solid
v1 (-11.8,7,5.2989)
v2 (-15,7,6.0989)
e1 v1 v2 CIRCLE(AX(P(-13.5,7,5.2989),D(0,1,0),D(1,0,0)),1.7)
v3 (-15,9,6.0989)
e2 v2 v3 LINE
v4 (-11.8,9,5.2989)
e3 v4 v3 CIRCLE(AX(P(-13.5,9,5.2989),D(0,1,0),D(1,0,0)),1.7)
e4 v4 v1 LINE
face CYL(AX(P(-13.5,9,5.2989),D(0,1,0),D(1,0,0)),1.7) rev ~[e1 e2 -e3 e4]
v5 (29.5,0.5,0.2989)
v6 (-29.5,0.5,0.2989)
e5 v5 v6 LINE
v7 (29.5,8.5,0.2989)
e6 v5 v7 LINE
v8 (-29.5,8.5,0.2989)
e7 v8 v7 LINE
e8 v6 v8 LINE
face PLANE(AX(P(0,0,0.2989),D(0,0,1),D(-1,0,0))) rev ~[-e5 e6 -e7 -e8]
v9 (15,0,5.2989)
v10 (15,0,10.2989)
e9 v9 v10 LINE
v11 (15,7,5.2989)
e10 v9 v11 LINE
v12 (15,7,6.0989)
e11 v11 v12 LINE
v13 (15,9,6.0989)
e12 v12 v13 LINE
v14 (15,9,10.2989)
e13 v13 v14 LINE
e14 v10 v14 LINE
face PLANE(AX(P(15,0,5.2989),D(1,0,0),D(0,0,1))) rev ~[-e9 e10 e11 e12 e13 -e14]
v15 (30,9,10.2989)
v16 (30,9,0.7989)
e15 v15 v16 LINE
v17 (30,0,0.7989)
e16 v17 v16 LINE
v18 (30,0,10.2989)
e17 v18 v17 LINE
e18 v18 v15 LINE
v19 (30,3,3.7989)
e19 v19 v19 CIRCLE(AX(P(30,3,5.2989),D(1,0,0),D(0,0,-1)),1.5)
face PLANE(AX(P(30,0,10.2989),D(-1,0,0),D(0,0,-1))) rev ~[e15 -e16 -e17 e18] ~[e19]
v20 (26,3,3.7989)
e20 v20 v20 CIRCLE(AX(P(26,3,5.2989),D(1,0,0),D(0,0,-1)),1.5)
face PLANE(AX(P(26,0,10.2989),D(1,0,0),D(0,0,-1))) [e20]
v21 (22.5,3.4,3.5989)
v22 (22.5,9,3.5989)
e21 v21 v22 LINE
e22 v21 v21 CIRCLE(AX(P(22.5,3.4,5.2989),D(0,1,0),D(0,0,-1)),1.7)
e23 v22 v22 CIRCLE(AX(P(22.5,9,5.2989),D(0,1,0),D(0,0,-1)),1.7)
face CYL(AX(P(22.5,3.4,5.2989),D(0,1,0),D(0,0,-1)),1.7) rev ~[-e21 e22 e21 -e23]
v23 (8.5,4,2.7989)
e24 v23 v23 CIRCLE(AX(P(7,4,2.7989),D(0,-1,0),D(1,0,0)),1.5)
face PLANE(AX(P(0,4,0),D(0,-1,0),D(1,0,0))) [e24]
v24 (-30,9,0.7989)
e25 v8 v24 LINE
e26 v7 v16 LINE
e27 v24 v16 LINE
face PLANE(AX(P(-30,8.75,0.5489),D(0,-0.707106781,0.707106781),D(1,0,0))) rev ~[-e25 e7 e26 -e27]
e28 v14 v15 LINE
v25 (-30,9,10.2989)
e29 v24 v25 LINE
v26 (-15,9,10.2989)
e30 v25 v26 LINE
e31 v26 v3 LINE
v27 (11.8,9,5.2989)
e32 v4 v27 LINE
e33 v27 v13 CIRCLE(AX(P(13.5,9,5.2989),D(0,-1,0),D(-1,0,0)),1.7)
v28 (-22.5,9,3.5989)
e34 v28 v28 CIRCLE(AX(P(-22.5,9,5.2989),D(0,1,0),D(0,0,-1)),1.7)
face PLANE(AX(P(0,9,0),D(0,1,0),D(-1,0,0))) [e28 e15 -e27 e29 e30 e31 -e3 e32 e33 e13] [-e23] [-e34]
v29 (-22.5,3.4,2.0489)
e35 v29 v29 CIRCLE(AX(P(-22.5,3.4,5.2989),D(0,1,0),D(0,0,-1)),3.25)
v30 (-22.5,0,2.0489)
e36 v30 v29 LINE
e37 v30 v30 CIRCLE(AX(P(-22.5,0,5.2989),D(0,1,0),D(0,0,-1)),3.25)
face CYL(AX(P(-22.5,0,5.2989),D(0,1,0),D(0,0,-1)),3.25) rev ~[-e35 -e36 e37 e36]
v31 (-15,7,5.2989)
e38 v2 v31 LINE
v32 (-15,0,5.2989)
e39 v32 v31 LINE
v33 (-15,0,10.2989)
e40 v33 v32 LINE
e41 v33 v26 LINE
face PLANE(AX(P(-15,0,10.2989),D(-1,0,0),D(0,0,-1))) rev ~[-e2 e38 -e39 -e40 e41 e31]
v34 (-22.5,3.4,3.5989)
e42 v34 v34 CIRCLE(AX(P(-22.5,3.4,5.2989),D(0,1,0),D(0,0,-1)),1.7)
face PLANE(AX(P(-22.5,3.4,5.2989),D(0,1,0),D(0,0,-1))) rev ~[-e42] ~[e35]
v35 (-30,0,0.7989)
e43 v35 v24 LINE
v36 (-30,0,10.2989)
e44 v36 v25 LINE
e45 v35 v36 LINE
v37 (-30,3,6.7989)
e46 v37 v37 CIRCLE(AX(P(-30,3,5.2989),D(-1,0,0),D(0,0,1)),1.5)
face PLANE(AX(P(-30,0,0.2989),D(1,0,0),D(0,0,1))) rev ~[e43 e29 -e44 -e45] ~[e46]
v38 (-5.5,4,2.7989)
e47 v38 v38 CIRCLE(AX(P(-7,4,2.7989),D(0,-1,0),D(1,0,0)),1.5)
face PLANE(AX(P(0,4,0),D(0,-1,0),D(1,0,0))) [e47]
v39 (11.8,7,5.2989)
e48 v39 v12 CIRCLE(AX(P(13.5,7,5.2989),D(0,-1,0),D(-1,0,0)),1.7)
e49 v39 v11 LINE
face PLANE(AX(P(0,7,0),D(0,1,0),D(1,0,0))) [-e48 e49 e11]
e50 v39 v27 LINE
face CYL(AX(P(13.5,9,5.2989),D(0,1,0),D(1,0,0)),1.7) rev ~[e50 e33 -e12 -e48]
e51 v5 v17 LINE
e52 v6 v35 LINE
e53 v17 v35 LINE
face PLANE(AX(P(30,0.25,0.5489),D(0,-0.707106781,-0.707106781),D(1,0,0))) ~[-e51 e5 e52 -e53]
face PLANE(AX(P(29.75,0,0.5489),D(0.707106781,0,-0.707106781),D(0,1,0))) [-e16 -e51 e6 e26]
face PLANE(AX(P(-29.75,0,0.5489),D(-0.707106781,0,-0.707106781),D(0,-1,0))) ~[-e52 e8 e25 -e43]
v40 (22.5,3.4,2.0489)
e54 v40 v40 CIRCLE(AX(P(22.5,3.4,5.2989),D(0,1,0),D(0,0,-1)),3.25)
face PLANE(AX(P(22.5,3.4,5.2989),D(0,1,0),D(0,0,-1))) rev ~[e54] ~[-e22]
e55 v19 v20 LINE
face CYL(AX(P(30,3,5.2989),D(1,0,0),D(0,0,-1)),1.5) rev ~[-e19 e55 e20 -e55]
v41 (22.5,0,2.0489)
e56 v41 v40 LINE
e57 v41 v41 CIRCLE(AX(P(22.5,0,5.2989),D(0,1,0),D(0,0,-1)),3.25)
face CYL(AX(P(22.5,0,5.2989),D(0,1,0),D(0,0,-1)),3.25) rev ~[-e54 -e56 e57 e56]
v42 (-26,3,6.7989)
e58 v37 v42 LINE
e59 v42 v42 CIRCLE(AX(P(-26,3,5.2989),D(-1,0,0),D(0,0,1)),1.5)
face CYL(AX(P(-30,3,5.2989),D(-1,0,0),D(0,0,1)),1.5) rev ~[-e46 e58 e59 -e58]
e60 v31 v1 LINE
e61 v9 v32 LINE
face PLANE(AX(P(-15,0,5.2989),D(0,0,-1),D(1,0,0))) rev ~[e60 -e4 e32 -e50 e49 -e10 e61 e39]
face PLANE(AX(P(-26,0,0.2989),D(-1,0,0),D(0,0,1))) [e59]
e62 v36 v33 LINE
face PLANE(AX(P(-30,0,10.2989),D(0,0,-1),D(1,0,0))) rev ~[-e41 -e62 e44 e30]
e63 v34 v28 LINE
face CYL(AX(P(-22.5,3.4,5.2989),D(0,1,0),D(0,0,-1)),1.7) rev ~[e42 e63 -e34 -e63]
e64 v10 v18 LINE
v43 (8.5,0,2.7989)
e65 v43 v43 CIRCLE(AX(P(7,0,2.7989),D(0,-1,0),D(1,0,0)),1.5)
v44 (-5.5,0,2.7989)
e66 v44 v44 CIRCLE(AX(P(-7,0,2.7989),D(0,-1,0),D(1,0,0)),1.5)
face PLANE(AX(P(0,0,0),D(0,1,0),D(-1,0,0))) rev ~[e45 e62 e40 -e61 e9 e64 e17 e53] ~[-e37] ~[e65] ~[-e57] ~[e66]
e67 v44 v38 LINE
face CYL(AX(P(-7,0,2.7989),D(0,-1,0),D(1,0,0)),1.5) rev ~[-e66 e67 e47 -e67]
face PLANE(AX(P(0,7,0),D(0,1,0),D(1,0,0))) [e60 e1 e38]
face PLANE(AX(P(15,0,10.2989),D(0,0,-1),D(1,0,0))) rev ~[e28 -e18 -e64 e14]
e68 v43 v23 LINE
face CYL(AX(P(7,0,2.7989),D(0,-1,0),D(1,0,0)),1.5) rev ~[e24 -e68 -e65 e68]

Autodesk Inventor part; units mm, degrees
sketch "Skizze1" plane through (0, 0, 0) normal (0, 1, 0) x (-1, 0, 0)
  line L0 (30, 0.2989) -> (30, 10.2989)
  line L1 (30, 10.2989) -> (15, 10.2989)
  line L2 (15, 10.2989) -> (15, 5.2989)
  line L3 (15, 5.2989) -> (-15, 5.2989)
  line L4 (-15, 5.2989) -> (-15, 10.2989)
  line L5 (-15, 10.2989) -> (-30, 10.2989)
  line L6 (-30, 10.2989) -> (-30, 0.2989)
  line L7 (-30, 0.2989) -> (30, 0.2989)
  line L8 (0, -2.0598) -> (0, 12.3587) projected
  point P0 (0, 0)
  dimension "d0" = 30
  dimension "d1" = 5
  dimension "d2" = 15
  dimension "d3" = 15
  dimension "d4" = 15
  dimension "d5" = 5
extrude "Extrusion1" add sketch "Skizze1" along normal blind 9
sketch "Skizze2" plane through (30, 0, 10.2989) normal (1, 0, 0) x (0, 0, -1)
  circle A0 centre (5, 3) radius 1.5
  line L0 (0, 0) -> (0, 9) construction
  line L1 (0, 0) -> (10, 0) construction
  point P0 (10.2989, 0)
  dimension "d8" = 3
  dimension "d9" = 5
  dimension "d43" = 3
  dimension "d60" = 9
  dimension "d61" = 10
extrude "Extrusion2" cut sketch "Skizze2" against normal blind 4
sketch "Skizze4" plane through (-30, 0, 0.2989) normal (-1, 0, 0) x (0, 0, 1)
  circle A0 centre (5, 3) radius 1.5 projected
  circle A1 centre (5, 3) radius 1.5
  line L0 (10, 0) -> (10, 9) projected
  line L1 (0, 0) -> (10, 0) projected
  point P0 (-0.2989, 0)
  dimension "d21" = 5
  dimension "d22" = 3
  dimension "d63" = 3
extrude "Extrusion4" cut sketch "Skizze4" against normal blind 4
sketch "Skizze5" plane through (0, 0, 0) normal (0, 1, 0) x (1, 0, 0)
  circle A0 centre (-22.5, -5.2989) radius 1.5
  circle A1 centre (22.5, -5.2989) radius 1.5
  line L0 (-30, -10.2989) -> (-15, -10.2989) projected
  line L1 (-30, -0.2989) -> (-30, -10.2989) projected
  line L2 (30, -10.2989) -> (30, -0.2989) projected
  line L3 (15, -10.2989) -> (30, -10.2989) projected
  point P0 (0, 0)
  dimension "d25" = 5
  dimension "d26" = 7.5
  dimension "d27" = 7.5
  dimension "d28" = 5
  dimension "d29" = 3
  dimension "d30" = 3
hole "Bohrung1" at (-22.5, 0, 5.2989) at (22.5, 0, 5.2989) direction (0, 1, 0) diameter 3.4 end through all counterbore diameter 6.5 counterbore depth 3.4 clearance for "Inbusschraube DIN EN ISO 4762" size "M3" standard "DIN"
sketch "Skizze6" plane through (0, 0, 0) normal (0, -1, 0) x (1, 0, 0)
  circle A0 centre (-7, 2.7989) radius 1.5
  circle A1 centre (7, 2.7989) radius 1.5
  line L0 (-30, 0.2989) -> (-30, 10.2989) projected
  line L1 (-30, 10.2989) -> (-15, 10.2989) projected
  line L2 (15, 10.2989) -> (30, 10.2989) projected
  line L3 (30, 10.2989) -> (30, 0.2989) projected
  point P0 (0, 0)
  dimension "d33" = 3
  dimension "d34" = 3
  dimension "d36" = 7.5
  dimension "d37" = 7.5
  dimension "d41" = 7
  dimension "d42" = 7
extrude "Extrusion6" cut sketch "Skizze6" against normal blind 4
sketch "Skizze8" plane through (0, 9, 0) normal (0, 1, 0) x (1, 0, 0)
  circle A0 centre (-13.5, -5.2989) radius 1.7 projected
  circle A1 centre (13.5, -5.2989) radius 1.7 projected
  point P0 (0, 0)
extrude "Extrusion8" cut sketch "Skizze8" against normal blind 2
chamfer "Fase1" distance 0.5 angle 45 4 edges at (-30, 4.5, 0.2989) (0, 0, 0.2989) (0, 9, 0.2989) (30, 4.5, 0.2989)
equation "\"d2\" = 0.5 * d0"
equation "\"d9\" = 0.5 * d61"
equation "\"d33\" = d34"
equation "\"d42\" = d41"
properties part number "Fuehrungslagerhalter_v2" material "PBT-Kunststoff"
